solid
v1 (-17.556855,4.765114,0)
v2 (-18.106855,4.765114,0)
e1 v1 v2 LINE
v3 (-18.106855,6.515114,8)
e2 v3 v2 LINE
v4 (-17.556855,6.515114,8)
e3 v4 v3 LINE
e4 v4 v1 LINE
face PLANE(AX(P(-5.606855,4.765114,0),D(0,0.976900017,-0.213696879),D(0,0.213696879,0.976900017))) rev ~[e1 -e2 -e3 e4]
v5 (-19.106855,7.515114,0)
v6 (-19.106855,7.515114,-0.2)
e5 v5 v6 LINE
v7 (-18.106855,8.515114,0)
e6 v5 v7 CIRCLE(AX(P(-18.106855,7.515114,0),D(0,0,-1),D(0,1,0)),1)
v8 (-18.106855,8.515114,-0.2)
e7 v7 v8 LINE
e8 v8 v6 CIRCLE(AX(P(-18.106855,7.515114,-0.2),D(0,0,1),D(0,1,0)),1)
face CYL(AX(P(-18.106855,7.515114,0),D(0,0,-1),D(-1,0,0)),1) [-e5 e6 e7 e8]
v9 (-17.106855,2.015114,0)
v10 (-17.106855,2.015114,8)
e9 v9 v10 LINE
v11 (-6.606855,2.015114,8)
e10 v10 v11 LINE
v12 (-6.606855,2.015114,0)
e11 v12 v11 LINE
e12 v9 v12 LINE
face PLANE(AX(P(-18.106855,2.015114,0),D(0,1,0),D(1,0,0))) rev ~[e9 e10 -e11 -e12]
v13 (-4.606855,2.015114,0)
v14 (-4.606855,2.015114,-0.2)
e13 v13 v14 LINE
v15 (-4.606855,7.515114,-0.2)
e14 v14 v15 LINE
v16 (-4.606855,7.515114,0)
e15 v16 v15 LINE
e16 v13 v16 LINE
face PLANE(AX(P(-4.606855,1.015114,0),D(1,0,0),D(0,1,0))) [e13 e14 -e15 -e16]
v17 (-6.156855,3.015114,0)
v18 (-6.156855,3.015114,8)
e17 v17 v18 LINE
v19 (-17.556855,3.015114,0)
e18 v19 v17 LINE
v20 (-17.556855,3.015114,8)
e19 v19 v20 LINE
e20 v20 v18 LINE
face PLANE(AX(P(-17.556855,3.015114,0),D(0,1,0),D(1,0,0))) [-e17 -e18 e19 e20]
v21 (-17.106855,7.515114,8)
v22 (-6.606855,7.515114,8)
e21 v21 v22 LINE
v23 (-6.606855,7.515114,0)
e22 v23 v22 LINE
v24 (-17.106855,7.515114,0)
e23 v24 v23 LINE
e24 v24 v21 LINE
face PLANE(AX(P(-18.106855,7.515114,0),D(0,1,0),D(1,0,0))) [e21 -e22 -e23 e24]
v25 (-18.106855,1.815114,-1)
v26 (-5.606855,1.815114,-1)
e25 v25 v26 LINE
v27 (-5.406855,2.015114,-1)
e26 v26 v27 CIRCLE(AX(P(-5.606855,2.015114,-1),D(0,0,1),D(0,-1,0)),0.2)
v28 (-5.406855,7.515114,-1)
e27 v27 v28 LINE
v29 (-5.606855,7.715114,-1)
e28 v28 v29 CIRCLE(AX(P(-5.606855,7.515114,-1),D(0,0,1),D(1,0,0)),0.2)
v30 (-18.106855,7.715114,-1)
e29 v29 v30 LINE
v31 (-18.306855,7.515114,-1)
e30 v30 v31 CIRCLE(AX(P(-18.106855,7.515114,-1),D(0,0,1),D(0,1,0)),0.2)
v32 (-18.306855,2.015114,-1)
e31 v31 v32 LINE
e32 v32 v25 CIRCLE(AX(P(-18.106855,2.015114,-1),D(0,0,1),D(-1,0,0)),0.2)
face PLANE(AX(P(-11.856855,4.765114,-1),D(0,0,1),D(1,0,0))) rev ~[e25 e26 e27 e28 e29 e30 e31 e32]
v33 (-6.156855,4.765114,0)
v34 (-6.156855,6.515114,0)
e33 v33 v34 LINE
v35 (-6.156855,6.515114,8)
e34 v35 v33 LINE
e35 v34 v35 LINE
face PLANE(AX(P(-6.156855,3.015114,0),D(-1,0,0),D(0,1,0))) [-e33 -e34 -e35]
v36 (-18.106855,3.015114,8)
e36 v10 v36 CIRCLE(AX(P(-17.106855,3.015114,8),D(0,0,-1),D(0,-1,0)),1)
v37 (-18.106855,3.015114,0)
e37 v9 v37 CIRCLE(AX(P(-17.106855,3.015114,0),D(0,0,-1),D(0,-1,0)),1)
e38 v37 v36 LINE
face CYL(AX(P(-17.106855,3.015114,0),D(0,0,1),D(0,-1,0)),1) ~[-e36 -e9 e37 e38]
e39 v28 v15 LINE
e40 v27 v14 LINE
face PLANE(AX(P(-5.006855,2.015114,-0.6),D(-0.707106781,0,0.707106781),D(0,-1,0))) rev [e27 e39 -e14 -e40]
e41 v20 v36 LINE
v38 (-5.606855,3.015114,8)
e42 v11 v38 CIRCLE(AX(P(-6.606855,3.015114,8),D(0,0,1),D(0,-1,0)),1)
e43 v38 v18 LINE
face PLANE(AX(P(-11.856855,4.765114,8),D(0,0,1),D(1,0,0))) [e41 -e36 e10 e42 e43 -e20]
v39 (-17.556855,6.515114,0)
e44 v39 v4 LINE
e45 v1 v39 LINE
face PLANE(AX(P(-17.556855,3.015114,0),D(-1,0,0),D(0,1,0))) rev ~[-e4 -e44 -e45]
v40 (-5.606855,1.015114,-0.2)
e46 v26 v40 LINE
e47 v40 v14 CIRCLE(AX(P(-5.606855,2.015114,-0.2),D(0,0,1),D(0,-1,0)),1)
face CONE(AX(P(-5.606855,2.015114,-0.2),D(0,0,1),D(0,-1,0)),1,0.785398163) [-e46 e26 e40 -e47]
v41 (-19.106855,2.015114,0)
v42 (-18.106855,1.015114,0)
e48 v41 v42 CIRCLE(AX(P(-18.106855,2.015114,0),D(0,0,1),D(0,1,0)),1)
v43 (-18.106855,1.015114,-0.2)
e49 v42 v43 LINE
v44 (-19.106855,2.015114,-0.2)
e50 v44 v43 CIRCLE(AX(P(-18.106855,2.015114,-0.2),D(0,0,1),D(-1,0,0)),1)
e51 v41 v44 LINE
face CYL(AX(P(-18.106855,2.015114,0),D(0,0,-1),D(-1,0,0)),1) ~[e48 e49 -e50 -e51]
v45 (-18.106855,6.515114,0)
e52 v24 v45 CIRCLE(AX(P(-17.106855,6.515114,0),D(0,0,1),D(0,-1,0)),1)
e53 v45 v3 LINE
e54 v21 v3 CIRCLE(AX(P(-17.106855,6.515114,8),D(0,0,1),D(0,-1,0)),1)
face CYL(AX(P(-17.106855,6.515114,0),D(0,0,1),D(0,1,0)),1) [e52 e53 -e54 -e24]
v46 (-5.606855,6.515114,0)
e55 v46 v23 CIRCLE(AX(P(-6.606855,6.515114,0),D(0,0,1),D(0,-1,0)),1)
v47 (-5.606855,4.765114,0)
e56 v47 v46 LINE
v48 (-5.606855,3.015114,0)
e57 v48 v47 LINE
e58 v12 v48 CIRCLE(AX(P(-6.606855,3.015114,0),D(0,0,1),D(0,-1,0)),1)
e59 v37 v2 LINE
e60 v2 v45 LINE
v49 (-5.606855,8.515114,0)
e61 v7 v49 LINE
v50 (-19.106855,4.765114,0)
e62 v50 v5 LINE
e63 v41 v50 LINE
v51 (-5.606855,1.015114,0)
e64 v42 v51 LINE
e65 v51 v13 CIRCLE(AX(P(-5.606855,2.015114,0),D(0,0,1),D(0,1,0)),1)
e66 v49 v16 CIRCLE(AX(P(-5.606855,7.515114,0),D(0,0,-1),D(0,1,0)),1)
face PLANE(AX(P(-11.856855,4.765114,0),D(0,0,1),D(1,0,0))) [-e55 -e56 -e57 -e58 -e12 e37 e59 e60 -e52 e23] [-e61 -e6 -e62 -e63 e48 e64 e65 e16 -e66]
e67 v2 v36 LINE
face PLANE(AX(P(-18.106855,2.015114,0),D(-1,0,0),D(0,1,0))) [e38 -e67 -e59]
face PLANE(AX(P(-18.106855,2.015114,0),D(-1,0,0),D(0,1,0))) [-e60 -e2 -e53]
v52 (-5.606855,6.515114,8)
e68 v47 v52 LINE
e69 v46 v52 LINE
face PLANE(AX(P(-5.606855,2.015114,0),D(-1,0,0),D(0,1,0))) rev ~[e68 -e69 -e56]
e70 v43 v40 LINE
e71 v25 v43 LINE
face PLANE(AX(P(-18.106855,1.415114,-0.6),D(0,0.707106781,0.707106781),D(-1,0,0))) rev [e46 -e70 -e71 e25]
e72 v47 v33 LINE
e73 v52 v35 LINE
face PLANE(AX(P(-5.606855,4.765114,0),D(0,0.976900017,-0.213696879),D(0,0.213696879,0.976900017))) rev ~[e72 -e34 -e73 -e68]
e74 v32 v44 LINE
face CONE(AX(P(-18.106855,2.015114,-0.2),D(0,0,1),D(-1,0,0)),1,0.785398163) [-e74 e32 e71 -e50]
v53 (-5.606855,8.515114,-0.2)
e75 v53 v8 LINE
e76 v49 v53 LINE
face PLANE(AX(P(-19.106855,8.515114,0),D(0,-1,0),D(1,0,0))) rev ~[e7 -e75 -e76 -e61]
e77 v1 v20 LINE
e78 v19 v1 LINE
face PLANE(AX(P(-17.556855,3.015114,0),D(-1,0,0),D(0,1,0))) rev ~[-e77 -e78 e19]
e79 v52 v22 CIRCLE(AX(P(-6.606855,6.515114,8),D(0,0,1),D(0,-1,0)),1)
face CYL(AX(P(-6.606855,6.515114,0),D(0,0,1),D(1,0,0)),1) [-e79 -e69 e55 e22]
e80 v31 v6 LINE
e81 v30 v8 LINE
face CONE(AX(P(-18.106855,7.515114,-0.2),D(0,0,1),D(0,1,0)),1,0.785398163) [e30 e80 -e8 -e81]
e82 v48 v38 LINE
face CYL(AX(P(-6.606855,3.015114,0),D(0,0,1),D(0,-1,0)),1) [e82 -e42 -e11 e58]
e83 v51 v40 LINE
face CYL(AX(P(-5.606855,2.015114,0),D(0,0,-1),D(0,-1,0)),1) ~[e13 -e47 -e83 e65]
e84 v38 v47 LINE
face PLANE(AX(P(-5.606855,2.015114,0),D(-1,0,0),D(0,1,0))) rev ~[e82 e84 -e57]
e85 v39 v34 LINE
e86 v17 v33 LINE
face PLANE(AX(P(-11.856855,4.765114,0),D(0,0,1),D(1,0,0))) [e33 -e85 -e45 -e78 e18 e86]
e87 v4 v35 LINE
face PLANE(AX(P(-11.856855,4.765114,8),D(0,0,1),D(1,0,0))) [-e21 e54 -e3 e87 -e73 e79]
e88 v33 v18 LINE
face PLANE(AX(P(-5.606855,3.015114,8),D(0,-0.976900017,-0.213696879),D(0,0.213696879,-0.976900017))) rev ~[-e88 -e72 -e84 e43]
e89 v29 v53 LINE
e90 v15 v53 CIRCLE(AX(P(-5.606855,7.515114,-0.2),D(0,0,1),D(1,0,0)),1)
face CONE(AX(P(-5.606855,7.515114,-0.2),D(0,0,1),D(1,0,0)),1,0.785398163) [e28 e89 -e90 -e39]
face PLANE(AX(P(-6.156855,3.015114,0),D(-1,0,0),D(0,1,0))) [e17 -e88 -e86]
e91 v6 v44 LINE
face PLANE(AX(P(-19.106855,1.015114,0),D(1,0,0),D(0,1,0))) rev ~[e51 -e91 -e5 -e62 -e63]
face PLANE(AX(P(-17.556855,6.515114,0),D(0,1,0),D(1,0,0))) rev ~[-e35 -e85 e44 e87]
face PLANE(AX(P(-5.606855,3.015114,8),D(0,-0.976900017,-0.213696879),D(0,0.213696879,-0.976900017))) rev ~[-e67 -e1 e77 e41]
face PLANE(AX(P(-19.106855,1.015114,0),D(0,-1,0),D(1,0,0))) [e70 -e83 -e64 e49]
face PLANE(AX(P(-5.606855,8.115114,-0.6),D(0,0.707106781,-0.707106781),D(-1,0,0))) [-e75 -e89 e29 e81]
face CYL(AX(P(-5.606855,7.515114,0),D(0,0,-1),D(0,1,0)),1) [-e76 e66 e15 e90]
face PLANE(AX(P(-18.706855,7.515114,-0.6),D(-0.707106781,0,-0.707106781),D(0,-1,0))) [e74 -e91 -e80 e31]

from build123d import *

# Parameters (mm, degrees)
F0_W     = 12.5
F0_H     = 5.5
F0_W_2   = 11.4
F0_H_2   = 3.5
F1_DEPTH = 8
F0_W_3   = 14.5
F0_H_3   = 7.5
F2_DEPTH = 1
F3_R     = 1
F5_DEPTH = 25
F6_SIZE  = 0.8


with BuildPart() as f1:
    # F0 (on Top) → F1 (new body)
    with BuildSketch(Plane.XY):
        with Locations((-11.856854585, 4.7651143782)):
            Rectangle(F0_W, F0_H)
        with Locations((-11.856854585, 4.7651143782)):
            Rectangle(F0_W_2, F0_H_2, mode=Mode.SUBTRACT)
    extrude(amount=F1_DEPTH)

    # F0 (on Top) → F2 (join)
    with BuildSketch(Plane.XY):
        with Locations((-11.856854585, 4.7651143782)):
            Rectangle(F0_W_3, F0_H_3)
        with Locations((-11.856854585, 4.7651143782)):
            Rectangle(F0_W, F0_H, mode=Mode.SUBTRACT)
        with Locations((-11.856854585, 4.7651143782)):
            Rectangle(F0_W, F0_H)
        with Locations((-11.856854585, 4.7651143782)):
            Rectangle(F0_W_2, F0_H_2, mode=Mode.SUBTRACT)
        with Locations((-11.856854585, 4.7651143782)):
            Rectangle(F0_W_2, F0_H_2)
    extrude(amount=-F2_DEPTH)

    # F3
    f3_edges = [f1.edges().sort_by_distance(p)[0] for p in [
        (-18.106855, 2.015114, 4),
        (-5.606855, 2.015114, 4),
        (-18.106855, 7.515114, 4),
        (-5.606855, 7.515114, 4),
        (-19.106855, 1.015114, -0.5),
        (-4.606855, 1.015114, -0.5),
        (-19.106855, 8.515114, -0.5),
        (-4.606855, 8.515114, -0.5),
    ]]
    fillet(f3_edges, radius=F3_R)

    # F4 (on face) → F5 (cut)
    with BuildSketch(Plane.YZ.offset(-5.606854585)):
        Polygon((6.5151143782, 8), (3.0151143782, 8), (4.7651143782, 0), align=None)
    extrude(amount=-F5_DEPTH, mode=Mode.SUBTRACT)

    # F6
    f6_edges = [f1.edges().sort_by_distance(p)[0] for p in [
        (-11.856855, 1.015114, -1),
        (-18.813961, 1.308008, -1),
        (-4.899748, 1.308008, -1),
        (-4.606855, 4.765114, -1),
        (-4.899748, 8.222221, -1),
        (-11.856855, 8.515114, -1),
        (-19.106855, 4.765114, -1),
        (-18.813961, 8.222221, -1),
    ]]
    chamfer(f6_edges, length=F6_SIZE)


solid = f1.part
